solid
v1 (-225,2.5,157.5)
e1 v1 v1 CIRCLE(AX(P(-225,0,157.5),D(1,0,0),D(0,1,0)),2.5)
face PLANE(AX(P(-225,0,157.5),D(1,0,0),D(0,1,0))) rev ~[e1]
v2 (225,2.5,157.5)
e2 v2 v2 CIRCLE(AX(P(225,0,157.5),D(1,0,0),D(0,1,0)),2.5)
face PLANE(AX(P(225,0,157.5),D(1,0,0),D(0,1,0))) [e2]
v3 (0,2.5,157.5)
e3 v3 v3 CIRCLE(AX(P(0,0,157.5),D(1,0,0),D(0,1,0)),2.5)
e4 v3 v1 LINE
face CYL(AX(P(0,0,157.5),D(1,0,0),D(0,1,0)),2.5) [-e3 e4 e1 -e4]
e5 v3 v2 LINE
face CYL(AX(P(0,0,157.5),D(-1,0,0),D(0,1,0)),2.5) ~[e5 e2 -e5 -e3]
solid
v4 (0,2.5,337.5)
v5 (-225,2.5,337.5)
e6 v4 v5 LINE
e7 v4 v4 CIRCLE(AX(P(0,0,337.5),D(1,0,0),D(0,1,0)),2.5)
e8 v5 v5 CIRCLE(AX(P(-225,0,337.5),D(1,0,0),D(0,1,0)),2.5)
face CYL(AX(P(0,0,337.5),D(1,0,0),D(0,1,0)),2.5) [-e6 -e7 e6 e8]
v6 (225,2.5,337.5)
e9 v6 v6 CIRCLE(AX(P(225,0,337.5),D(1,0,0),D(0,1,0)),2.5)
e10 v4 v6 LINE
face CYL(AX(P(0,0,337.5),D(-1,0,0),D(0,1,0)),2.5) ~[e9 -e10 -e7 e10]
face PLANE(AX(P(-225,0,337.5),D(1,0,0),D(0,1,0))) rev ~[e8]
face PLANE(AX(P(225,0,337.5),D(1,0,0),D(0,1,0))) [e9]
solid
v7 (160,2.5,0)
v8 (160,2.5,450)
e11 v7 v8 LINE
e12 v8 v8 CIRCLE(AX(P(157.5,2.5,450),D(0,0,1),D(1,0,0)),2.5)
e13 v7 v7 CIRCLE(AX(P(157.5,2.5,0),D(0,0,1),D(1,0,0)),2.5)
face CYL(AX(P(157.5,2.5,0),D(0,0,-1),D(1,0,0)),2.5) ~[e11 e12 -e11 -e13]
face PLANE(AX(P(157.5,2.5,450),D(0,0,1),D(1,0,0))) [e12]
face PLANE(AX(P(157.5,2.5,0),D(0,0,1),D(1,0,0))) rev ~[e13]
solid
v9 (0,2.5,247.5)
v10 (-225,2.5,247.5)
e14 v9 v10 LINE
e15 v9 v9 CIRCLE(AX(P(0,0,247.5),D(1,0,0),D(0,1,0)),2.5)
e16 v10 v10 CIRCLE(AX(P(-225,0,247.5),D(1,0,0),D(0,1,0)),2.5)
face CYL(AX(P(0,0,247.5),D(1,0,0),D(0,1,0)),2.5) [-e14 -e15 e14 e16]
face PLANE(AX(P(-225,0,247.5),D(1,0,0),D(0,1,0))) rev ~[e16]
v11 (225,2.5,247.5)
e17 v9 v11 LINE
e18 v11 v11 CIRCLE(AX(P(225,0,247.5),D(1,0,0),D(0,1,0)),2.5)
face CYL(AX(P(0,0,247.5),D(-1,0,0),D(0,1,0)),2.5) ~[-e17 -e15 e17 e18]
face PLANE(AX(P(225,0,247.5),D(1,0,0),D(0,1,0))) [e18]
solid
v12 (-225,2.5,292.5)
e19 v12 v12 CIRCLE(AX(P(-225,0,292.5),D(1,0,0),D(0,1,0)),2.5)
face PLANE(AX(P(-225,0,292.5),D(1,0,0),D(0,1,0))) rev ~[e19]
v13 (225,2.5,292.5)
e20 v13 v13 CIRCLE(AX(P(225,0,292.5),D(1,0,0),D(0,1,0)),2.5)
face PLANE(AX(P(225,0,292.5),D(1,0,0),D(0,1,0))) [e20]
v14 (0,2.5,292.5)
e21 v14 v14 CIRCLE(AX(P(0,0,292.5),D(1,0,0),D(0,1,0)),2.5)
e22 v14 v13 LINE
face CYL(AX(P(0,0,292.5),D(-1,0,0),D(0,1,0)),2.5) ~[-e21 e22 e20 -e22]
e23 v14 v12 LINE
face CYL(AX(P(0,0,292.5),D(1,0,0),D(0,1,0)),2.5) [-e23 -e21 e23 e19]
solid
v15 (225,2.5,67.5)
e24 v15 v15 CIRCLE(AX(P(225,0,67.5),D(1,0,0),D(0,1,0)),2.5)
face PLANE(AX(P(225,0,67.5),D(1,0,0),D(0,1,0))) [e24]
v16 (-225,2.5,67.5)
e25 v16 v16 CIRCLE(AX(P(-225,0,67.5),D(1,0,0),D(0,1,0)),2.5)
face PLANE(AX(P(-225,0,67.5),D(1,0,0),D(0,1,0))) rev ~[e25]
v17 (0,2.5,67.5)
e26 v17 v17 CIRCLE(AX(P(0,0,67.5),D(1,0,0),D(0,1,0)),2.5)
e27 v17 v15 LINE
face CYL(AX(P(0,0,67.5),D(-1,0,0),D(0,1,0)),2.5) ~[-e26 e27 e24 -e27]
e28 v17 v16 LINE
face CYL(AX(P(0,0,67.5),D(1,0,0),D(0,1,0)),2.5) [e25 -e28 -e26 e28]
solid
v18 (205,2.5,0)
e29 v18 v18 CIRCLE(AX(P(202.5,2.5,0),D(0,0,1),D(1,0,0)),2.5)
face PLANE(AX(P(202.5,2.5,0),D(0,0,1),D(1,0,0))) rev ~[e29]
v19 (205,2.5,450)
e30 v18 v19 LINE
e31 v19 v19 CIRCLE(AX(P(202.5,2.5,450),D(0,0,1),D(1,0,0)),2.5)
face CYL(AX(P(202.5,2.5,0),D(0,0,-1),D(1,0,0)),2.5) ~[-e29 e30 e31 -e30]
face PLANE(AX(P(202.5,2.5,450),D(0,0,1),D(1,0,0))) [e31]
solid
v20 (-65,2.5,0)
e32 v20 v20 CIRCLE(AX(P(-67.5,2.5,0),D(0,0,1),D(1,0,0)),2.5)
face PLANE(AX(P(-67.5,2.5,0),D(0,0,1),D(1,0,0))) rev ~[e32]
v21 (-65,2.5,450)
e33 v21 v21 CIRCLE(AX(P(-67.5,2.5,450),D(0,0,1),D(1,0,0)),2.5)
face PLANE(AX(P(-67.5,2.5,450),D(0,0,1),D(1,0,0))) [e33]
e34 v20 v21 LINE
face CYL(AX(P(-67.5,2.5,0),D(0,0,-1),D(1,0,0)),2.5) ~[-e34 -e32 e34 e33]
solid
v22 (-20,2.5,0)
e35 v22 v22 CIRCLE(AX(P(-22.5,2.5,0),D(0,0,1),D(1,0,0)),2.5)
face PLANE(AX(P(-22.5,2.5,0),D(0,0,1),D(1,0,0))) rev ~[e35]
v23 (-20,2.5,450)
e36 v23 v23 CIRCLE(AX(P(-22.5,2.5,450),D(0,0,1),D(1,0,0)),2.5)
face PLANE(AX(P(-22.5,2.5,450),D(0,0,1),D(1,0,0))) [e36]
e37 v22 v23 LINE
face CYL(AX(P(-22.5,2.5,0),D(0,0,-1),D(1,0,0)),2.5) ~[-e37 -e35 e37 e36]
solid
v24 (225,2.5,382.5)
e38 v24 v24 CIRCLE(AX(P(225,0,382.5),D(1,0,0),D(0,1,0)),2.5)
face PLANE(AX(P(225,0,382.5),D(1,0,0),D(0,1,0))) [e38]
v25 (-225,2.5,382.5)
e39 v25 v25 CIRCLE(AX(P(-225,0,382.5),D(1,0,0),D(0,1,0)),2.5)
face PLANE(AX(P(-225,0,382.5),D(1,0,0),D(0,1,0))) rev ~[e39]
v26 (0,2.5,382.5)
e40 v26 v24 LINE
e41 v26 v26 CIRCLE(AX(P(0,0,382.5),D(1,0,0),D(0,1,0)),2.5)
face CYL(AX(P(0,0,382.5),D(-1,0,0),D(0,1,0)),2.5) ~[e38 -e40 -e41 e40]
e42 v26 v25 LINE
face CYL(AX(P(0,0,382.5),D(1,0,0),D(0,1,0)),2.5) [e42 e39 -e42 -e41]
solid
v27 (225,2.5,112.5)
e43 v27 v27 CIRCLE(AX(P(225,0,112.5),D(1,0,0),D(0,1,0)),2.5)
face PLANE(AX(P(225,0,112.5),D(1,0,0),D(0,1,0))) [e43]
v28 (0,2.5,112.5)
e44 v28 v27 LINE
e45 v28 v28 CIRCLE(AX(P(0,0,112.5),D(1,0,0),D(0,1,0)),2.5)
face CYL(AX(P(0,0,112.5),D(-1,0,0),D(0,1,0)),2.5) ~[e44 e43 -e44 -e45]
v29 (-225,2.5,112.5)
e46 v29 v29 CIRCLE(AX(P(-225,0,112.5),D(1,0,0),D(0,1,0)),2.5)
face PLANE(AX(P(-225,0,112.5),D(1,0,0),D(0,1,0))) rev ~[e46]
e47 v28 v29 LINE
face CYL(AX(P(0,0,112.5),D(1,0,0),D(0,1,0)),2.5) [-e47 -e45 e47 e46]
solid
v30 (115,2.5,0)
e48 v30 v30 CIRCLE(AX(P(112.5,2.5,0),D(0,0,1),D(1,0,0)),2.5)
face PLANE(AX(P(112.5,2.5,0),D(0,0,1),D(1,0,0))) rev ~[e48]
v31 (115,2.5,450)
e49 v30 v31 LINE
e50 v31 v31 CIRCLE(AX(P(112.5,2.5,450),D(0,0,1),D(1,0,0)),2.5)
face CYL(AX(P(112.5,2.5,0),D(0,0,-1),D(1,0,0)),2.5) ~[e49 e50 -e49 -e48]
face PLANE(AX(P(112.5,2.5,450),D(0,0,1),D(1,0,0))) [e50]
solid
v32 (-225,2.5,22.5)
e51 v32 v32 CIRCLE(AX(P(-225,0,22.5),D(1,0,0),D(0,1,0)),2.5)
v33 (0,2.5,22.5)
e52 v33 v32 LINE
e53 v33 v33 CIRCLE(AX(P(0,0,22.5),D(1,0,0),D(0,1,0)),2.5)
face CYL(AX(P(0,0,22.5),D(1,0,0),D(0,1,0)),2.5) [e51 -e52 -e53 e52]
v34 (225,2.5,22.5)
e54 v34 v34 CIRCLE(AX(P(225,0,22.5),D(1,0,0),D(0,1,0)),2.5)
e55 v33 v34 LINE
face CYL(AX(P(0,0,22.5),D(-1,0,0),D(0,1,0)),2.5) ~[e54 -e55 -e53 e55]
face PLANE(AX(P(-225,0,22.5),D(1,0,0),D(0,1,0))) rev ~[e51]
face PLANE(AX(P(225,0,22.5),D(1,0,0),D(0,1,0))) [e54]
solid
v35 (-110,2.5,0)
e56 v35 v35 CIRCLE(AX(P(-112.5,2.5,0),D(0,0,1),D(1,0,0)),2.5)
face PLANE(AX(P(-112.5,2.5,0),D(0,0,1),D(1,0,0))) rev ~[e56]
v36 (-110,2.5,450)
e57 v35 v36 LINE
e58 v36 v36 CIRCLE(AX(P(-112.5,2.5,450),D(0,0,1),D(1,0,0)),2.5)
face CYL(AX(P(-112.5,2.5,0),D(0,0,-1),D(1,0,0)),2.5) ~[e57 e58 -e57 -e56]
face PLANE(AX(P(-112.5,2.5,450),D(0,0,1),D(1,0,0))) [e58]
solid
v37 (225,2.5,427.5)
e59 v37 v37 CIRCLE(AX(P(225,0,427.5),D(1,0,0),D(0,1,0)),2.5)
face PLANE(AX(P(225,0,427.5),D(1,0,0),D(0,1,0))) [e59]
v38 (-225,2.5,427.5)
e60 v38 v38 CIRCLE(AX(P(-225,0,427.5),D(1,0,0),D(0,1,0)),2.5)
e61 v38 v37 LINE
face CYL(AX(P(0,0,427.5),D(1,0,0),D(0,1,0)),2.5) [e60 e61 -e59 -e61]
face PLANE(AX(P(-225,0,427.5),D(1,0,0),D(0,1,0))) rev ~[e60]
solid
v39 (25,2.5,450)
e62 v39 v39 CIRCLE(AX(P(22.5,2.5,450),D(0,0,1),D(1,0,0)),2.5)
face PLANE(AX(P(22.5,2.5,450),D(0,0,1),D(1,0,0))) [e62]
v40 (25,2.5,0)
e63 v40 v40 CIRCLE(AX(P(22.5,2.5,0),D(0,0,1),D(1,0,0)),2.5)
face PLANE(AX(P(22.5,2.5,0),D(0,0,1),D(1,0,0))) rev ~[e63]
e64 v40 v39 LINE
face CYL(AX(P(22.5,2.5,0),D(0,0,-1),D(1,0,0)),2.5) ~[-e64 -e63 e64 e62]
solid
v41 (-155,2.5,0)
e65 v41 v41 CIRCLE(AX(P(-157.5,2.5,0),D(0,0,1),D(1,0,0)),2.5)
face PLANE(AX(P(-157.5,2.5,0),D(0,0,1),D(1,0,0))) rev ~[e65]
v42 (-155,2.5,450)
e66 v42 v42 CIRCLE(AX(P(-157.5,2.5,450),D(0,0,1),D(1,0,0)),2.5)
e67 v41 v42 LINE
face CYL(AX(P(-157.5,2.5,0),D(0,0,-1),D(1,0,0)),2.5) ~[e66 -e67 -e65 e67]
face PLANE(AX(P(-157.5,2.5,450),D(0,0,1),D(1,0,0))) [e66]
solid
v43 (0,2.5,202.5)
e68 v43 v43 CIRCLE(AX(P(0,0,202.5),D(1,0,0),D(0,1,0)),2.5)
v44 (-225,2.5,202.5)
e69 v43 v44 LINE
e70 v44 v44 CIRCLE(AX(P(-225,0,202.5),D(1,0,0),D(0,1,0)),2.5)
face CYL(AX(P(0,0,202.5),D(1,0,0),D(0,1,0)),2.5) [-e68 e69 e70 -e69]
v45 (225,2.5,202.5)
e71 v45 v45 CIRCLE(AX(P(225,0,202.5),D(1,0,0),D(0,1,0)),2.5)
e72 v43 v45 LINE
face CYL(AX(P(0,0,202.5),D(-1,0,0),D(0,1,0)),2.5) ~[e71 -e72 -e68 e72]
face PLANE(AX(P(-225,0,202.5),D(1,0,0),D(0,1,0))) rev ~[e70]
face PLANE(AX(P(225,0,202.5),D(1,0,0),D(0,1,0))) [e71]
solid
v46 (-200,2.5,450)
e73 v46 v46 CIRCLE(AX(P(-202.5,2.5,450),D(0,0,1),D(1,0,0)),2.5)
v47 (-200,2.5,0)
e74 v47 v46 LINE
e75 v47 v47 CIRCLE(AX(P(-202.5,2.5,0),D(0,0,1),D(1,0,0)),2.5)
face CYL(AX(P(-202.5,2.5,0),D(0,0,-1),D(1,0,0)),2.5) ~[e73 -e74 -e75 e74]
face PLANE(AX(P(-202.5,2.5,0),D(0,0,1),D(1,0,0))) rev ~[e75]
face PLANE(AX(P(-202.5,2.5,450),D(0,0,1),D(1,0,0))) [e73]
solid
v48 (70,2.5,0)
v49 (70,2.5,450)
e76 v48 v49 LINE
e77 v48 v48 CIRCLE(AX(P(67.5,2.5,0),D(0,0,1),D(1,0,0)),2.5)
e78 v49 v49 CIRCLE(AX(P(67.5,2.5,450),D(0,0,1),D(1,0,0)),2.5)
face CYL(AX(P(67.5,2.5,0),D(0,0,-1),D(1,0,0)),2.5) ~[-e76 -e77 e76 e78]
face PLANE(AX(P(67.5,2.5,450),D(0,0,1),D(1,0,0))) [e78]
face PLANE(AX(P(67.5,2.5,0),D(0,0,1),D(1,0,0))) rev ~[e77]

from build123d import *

# Parameters (mm, degrees)
F0_R     = 2.5
F1_DEPTH = 225
F2_R     = 2.5
F3_DEPTH = 450


with BuildPart() as f1:
    # F0 (on Right) → F1 (new body, symmetric)
    with BuildSketch(Plane.YZ):
        with Locations((0, 22.5)):
            Circle(F0_R)
        with Locations((0, 67.5)):
            Circle(F0_R)
        with Locations((0, 112.5)):
            Circle(F0_R)
        with Locations((0, 157.5)):
            Circle(F0_R)
        with Locations((0, 202.5)):
            Circle(F0_R)
        with Locations((0, 247.5)):
            Circle(F0_R)
        with Locations((0, 292.5)):
            Circle(F0_R)
        with Locations((0, 337.5)):
            Circle(F0_R)
        with Locations((0, 382.5)):
            Circle(F0_R)
        with Locations((0, 427.5)):
            Circle(F0_R)
    extrude(amount=F1_DEPTH, both=True)


with BuildPart() as f3:
    # F2 (on Top) → F3 (new body)
    with BuildSketch(Plane.XY):
        with Locations((-202.5, 2.5)):
            Circle(F2_R)
        with Locations((-157.5, 2.5)):
            Circle(F2_R)
        with Locations((-112.5, 2.5)):
            Circle(F2_R)
        with Locations((-67.5, 2.5)):
            Circle(F2_R)
        with Locations((-22.5, 2.5)):
            Circle(F2_R)
        with Locations((22.5, 2.5)):
            Circle(F2_R)
        with Locations((67.5, 2.5)):
            Circle(F2_R)
        with Locations((112.5, 2.5)):
            Circle(F2_R)
        with Locations((157.5, 2.5)):
            Circle(F2_R)
        with Locations((202.5, 2.5)):
            Circle(F2_R)
    extrude(amount=F3_DEPTH)


solid = Compound([f1.part, f3.part])
